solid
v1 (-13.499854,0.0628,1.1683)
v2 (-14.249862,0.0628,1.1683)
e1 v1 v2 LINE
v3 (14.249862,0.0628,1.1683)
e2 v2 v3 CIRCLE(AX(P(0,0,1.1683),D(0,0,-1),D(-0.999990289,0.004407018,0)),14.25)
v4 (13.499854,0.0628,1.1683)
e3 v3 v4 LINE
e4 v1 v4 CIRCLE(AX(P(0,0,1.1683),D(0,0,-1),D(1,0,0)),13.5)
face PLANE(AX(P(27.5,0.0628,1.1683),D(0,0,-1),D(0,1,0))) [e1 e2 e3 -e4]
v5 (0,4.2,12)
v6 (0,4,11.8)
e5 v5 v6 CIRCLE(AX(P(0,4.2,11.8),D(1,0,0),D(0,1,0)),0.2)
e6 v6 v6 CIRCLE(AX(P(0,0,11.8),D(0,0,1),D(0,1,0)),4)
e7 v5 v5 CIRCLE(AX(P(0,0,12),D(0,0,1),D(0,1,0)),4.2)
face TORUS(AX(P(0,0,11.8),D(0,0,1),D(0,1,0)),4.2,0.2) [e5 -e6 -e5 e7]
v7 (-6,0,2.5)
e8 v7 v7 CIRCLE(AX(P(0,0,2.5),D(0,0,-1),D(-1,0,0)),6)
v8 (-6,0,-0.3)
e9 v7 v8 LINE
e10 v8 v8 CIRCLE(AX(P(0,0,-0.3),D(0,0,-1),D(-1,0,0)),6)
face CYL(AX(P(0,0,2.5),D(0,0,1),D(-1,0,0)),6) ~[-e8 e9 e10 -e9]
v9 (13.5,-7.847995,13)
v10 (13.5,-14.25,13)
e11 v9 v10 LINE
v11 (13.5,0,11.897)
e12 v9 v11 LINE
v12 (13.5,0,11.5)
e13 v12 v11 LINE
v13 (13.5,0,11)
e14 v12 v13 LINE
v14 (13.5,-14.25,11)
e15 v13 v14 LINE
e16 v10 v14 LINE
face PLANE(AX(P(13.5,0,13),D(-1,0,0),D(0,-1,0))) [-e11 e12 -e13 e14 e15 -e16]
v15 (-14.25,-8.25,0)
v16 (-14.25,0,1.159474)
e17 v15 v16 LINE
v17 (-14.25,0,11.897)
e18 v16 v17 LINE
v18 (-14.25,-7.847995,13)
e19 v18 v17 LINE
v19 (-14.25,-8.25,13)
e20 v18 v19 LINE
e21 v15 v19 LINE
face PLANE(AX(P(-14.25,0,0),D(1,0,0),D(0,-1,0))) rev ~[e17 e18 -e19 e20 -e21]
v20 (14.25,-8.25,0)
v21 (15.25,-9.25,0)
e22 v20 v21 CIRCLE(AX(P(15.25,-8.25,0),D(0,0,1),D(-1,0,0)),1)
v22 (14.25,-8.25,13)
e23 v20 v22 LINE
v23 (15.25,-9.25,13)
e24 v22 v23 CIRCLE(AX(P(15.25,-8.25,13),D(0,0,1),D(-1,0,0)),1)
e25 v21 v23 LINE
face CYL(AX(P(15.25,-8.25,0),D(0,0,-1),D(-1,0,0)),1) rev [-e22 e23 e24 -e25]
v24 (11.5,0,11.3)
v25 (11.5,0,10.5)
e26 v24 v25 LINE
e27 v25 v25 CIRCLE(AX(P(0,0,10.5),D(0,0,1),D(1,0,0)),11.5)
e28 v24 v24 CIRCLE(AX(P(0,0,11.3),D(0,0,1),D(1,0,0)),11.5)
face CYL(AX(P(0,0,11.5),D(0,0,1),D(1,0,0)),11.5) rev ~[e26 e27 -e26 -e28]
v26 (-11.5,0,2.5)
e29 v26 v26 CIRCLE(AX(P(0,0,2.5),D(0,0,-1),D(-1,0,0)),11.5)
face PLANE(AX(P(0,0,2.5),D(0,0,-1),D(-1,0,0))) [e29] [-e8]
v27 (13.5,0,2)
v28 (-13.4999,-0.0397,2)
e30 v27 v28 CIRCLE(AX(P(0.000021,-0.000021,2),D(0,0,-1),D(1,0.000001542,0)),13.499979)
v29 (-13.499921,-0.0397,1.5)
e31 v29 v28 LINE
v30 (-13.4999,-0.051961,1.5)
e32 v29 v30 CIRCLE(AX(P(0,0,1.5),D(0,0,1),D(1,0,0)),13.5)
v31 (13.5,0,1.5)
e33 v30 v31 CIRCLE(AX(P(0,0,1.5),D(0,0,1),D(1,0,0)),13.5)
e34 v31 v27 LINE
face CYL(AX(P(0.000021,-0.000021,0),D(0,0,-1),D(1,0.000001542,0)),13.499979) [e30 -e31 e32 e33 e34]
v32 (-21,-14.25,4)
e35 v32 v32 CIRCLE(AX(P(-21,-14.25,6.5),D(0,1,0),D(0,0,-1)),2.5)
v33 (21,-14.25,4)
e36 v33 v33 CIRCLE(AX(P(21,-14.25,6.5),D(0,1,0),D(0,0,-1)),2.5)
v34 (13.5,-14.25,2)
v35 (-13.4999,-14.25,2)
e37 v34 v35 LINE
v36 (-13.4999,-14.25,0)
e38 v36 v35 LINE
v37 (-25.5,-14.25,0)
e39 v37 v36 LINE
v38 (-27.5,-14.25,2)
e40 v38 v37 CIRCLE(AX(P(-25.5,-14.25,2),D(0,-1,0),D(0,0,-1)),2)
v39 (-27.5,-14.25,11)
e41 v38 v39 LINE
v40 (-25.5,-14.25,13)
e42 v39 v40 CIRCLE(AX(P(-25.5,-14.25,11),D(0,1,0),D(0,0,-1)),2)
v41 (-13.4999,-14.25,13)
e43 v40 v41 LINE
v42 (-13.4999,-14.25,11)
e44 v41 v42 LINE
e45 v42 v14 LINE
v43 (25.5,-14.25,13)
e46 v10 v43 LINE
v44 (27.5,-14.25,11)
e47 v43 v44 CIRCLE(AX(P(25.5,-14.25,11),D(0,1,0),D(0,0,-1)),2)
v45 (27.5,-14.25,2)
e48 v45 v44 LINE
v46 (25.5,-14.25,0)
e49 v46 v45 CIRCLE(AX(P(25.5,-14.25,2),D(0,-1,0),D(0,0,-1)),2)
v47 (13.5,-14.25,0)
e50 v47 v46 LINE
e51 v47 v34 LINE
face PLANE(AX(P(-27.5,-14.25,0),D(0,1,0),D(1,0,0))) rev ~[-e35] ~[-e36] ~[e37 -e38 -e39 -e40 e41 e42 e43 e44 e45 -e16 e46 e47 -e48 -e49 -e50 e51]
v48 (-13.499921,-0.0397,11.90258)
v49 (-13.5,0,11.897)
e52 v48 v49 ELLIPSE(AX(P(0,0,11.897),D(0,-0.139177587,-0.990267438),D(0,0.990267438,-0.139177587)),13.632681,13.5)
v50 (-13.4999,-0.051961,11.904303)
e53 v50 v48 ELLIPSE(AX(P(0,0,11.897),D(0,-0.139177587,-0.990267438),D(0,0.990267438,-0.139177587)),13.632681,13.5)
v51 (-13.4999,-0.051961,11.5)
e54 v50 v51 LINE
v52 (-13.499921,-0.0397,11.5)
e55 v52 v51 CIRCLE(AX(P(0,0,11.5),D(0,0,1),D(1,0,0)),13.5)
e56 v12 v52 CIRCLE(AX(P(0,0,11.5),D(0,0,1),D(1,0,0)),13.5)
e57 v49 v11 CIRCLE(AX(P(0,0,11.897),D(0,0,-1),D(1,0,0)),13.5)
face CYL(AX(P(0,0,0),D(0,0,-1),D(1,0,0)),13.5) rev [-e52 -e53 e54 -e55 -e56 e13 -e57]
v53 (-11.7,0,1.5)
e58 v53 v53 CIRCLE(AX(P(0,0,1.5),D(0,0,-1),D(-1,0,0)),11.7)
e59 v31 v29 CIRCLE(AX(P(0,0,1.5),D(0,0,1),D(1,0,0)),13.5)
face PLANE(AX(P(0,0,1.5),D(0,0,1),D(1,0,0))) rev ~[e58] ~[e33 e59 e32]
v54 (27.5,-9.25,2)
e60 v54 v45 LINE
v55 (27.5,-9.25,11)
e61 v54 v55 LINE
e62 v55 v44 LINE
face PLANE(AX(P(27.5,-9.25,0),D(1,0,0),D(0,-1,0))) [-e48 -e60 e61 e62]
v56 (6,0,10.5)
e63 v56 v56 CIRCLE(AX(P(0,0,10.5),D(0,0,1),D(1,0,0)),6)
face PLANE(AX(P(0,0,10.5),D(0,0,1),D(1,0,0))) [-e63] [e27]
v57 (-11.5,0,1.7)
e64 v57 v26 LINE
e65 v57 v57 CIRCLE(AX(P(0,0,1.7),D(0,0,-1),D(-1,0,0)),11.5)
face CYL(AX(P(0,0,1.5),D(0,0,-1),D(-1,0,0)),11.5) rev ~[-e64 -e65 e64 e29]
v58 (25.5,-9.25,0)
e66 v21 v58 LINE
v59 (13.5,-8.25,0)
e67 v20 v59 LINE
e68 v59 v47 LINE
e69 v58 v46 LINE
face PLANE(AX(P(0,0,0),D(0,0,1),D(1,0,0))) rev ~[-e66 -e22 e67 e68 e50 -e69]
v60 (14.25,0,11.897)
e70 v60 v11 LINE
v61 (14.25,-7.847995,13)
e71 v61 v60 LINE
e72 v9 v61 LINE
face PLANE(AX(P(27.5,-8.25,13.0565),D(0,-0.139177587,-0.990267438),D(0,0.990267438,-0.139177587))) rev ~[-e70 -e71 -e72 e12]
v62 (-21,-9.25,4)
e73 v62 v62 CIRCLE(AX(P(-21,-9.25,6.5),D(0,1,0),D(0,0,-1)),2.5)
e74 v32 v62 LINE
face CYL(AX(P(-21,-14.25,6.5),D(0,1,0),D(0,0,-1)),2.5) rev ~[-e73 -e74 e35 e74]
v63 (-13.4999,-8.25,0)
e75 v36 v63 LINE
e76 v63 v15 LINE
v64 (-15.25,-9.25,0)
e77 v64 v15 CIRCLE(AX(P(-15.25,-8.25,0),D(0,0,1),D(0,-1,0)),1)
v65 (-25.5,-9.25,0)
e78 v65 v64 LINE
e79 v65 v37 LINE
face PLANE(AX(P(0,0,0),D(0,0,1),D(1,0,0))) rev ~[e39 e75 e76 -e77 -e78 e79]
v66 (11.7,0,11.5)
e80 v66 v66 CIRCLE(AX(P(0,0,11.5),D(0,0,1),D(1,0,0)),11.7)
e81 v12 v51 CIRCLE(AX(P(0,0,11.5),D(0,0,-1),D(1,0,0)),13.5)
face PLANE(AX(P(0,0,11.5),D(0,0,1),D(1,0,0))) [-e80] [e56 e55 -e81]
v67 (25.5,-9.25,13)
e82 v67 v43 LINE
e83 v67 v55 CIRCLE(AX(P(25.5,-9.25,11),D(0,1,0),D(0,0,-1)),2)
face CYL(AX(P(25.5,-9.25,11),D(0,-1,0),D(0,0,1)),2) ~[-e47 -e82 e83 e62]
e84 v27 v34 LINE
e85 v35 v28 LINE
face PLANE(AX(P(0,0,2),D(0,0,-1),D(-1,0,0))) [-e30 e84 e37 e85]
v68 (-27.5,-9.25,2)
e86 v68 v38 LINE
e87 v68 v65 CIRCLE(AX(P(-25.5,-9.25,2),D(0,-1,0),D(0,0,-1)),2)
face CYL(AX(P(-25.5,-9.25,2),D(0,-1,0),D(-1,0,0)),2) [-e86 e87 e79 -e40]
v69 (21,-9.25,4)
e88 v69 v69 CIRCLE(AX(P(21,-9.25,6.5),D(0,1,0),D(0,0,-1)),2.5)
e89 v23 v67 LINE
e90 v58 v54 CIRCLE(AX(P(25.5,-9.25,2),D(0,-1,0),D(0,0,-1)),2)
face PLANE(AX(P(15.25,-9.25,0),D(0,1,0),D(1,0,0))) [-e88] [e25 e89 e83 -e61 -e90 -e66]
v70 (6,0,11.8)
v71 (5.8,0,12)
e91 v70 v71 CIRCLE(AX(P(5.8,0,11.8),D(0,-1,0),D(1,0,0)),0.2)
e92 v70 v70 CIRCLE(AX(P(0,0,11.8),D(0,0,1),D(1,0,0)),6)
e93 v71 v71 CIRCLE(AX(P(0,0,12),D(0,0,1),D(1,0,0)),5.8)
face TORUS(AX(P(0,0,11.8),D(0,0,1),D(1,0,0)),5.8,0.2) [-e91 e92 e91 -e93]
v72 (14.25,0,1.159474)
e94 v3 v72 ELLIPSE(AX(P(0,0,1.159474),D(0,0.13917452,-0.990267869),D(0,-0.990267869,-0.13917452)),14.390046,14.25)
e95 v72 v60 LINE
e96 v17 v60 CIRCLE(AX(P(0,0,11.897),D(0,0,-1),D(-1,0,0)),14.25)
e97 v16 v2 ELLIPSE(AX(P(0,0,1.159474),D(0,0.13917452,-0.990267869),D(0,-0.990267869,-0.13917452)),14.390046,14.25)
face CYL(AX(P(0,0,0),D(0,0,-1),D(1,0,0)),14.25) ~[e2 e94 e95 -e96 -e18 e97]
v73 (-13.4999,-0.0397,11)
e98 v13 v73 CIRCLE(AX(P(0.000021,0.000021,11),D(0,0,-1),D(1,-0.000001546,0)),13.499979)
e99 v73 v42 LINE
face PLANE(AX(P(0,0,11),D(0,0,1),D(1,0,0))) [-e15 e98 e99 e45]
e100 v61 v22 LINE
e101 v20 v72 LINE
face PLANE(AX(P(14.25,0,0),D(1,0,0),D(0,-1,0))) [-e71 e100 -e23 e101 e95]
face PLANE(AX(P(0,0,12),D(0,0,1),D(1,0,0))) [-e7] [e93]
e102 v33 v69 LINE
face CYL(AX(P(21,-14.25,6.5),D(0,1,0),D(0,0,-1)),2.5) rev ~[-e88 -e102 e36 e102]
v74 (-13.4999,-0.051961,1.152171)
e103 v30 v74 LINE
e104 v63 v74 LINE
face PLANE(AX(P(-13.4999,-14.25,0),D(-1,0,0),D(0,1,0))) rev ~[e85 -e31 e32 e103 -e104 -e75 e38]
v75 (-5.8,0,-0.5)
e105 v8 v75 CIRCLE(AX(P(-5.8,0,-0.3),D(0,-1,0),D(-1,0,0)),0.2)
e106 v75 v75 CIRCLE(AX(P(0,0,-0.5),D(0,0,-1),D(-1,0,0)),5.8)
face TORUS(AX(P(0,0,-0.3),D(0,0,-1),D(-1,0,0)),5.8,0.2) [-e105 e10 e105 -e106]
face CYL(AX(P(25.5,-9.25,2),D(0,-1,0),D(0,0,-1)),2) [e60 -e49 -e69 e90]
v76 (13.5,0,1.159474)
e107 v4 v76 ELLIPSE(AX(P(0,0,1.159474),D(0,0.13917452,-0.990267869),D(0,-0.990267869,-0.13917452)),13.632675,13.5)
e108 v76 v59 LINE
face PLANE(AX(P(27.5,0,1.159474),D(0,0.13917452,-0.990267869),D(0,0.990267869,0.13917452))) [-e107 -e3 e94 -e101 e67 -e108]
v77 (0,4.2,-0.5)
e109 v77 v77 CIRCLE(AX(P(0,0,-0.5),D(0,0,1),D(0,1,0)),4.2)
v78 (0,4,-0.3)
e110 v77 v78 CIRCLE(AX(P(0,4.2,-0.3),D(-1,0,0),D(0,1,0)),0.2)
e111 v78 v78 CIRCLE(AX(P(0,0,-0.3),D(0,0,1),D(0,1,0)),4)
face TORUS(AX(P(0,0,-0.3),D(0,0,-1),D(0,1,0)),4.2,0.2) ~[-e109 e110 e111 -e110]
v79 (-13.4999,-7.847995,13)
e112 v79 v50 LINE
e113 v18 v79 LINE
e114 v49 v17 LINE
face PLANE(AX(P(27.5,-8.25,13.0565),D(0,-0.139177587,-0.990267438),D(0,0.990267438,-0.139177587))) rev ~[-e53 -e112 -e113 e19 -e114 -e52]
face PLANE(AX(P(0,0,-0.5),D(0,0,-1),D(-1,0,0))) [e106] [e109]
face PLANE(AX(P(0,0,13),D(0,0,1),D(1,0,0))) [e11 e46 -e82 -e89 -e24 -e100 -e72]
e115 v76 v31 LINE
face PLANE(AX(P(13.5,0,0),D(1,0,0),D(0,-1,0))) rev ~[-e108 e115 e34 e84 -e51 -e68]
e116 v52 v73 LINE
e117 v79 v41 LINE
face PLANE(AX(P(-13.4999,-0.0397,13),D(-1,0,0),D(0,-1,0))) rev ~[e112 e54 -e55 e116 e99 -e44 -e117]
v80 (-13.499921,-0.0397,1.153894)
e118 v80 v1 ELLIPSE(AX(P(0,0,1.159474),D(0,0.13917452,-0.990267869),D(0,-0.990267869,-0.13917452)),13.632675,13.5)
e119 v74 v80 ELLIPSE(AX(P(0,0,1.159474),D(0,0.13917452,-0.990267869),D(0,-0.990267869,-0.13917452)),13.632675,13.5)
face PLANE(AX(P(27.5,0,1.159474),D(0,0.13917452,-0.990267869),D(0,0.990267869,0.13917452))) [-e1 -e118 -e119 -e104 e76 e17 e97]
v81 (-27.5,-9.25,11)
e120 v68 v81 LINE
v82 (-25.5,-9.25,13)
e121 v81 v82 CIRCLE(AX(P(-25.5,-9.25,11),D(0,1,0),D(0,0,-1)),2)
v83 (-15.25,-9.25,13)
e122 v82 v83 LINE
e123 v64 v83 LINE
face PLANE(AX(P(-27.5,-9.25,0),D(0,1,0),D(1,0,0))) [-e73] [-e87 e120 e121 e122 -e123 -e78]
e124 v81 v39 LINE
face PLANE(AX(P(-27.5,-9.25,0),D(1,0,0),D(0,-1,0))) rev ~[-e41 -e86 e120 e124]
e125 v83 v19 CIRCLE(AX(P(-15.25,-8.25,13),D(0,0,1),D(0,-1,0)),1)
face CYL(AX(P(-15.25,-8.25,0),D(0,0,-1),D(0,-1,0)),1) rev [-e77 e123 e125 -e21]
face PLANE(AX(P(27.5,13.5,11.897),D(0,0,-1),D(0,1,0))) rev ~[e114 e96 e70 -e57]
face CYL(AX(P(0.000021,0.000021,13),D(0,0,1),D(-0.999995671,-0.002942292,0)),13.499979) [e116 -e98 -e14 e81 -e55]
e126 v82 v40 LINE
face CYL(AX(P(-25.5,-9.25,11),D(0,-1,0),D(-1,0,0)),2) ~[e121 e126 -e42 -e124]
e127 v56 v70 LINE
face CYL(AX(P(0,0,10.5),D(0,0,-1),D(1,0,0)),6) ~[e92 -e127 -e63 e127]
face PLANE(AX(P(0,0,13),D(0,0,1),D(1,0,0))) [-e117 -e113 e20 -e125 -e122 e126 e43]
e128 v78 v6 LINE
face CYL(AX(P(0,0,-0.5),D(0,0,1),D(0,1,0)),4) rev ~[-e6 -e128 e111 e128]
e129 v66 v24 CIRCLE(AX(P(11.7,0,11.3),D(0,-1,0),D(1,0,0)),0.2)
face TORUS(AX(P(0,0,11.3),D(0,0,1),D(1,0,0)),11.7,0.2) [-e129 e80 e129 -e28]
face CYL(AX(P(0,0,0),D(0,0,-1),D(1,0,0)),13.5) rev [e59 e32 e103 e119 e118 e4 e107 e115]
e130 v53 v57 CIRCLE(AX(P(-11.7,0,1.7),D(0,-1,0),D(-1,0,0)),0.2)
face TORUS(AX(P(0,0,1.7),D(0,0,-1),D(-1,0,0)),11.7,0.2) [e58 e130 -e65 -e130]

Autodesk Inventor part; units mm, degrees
ref_plane "YZ Plane" through (0, 0, 0) normal (1, 0, 0) x (0, 1, 0)
ref_plane "XZ Plane" through (0, 0, 0) normal (0, 1, 0) x (-1, 0, 0)
sketch "Esboço1" plane through (0, 0, 0) normal (0, 0, 1) x (1, 0, 0)
  circle A0 centre (0, 0) radius 13.5
  line L0 (-27.5, -14.25) -> (27.5, -14.25)
  line L1 (0, 25.3783) -> (0, -25.3783) construction
  line L2 (-27.5, -9.25) -> (-27.5, -14.25)
  line L3 (27.5, -9.25) -> (27.5, -14.25)
  line L4 (-27.5, -9.25) -> (-15.25, -9.25)
  line L5 (15.25, -9.25) -> (27.5, -9.25)
  line L6 (-14.25, 0) -> (-14.25, -8.25)
  line L7 (14.25, 0) -> (14.25, -8.25)
  arc A1 (14.25, -8.25) -> (15.25, -9.25) centre (15.25, -8.25) ccw
  arc A2 (-15.25, -9.25) -> (-14.25, -8.25) centre (-15.25, -8.25) ccw
  arc A3 (14.25, 0) -> (-14.25, 0) centre (0, 0) ccw
  point P0 (0, -14.25)
  point P1 (-10.8397, -9.25)
  point P2 (10.8397, -9.25)
  dimension "d1" = 27
  dimension "d5" = 55
  dimension "d6" = 5
  dimension "d7" = 1
  dimension "d8" = 1
extrude "Extrusão1" add sketch "Esboço1" along normal blind 13
sketch "Esboço2" plane through (27.5, -14.25, 0) normal (1, 0, 0) x (0, 0, -1)
  line L0 (-13.0565, 6) -> (-11.897, 14.25)
  line L1 (0, 14.25) -> (-13, 14.25) projected
  line L2 (0, 6) -> (-13, 6) projected
  line L3 (0, 6) -> (-1.1683, 14.3128)
  line L4 (-1.1683, 14.3128) -> (-1.1683, 28.5)
  line L5 (0, 28.5) -> (-13, 28.5) projected
  line L6 (-11.897, 14.25) -> (-11.897, 28.5)
  line L7 (0, 27.75) -> (-13, 27.75) projected
  line L8 (-11.897, 28.5) -> (-16.0762, 28.5)
  line L9 (-16.0762, 28.5) -> (-16.0762, 6)
  line L10 (-16.0762, 6) -> (-13.0565, 6)
  line L11 (-1.1683, 28.5) -> (3.8166, 28.5)
  line L12 (3.8166, 28.5) -> (3.8166, 6)
  line L13 (3.8166, 6) -> (0, 6)
  dimension "d11" = 98
  dimension "d12" = 98
extrude "Extrusão2" cut sketch "Esboço2" against normal through all contours L10 L9 L8 L5 L6 L0 | L3 L4 L5 L11 L12 L13
ref_plane "Plano de trabalho1" through (0, 0, 11.5) normal (0, 0, 1) x (1, 0, 0)
sketch "Esboço3" plane through (0, 0, 11.5) normal (0, 0, 1) x (1, 0, 0)
  circle A0 centre (0, 0) radius 13.5
extrude "Extrusão3" add sketch "Esboço3" against normal blind 10
sketch "Esboço4" plane through (0, 0, 1.5) normal (0, 0, -1) x (-1, 0, 0)
  circle A0 centre (0, 0) radius 11.5
  dimension "d19" = 23
extrude "Extrusão4" cut sketch "Esboço4" against normal blind 1
sketch "Esboço5" plane through (0, 0, 11.5) normal (0, 0, 1) x (1, 0, 0)
  circle A0 centre (0, 0) radius 11.5
  dimension "d22" = 23
extrude "Extrusão5" cut sketch "Esboço5" against normal blind 1
sketch "Esboço6" plane through (0, 0, 2.5) normal (0, 0, -1) x (-1, 0, 0)
  circle A0 centre (0, 0) radius 6
  dimension "d25" = 12
extrude "Extrusão6" add sketch "Esboço6" along normal blind 3
sketch "Esboço7" plane through (0, 0, 10.5) normal (0, 0, 1) x (1, 0, 0)
  circle A0 centre (0, 0) radius 6
  dimension "d28" = 12
extrude "Extrusão7" add sketch "Esboço7" along normal blind 1.5
sketch "Esboço8" plane through (0, 0, -0.5) normal (0, 0, -1) x (-1, 0, 0)
  circle A0 centre (0, 0) radius 4
  dimension "d31" = 8
hole "Furo1" at (0, 0, -0.5) direction (0, 0, 1) diameter 8 end through all
fillet "Arredondamento1" radius 2 4 edges at (-27.5, -11.75, 13) (-27.5, -11.75, 0) (27.5, -11.75, 0) (27.5, -11.75, 13)
sketch "Esboço9" plane through (0, 0, 13) normal (0, 0, 1) x (1, 0, 0)
  arc A0 (-13.4999, -0.0397) -> (13.5, 0) centre (0, 0) ccw
  line L0 (-13.4999, -0.0397) -> (-13.4999, -14.25)
  line L1 (14.25, -8.25) -> (14.25, 0) projected
  line L2 (-13.4999, -14.25) -> (13.5, -14.25)
  line L3 (-25.5, -14.25) -> (25.5, -14.25) projected
  arc A1 (10.6859, -8.25) -> (13.4999, 0.0628) centre (0, 0) ccw projected
  line L4 (13.5, 0) -> (13.5, -14.25)
  circle A2 centre (0, 0) radius 13.5
  dimension "d40" = 27
extrude "Extrusão8" cut sketch "Esboço9" against normal blind 2 contours A0 L4 L2 L0
sketch "Esboço10" plane through (0, 0, 0) normal (0, 0, -1) x (-1, 0, 0)
  arc A0 (13.4999, -0.0397) -> (13.4999, 0.0397) centre (0, 0) ccw
  line L0 (-13.5, -14.25) -> (13.4999, -14.25) projected
  line L1 (-13.5, 0) -> (-13.5, -14.25)
  line L2 (-13.5, -14.25) -> (13.4999, -14.25)
  arc A1 (-13.5, 0) -> (13.4999, -0.0397) centre (0, 0) ccw projected
  line L3 (13.4999, -14.25) -> (13.4999, -0.0397)
  circle A2 centre (0, 0) radius 13.5
  dimension "d43" = 27
extrude "Extrusão9" cut sketch "Esboço10" against normal blind 2 contours L3 L0 L1 A1
fillet "Arredondamento2" radius 0.2 6 edges at (-11.5, 0, 11.5) (-6, 0, 12) (0, -4, 12) (11.5, 0, 1.5) (6, 0, -0.5) (0, -4, -0.5)
sketch "Esboço11" plane through (27.5, -14.25, 2) normal (0, -1, 0) x (1, 0, 0)
  line L0 (0, 0) -> (0, 9) construction
  line L1 (0, 4.5) -> (-55, 4.5) construction
  line L2 (-55, 0) -> (-55, 9) construction
  line L3 (-40.9999, 0) -> (-14, 0) construction
  line L4 (-27.5, 0) -> (-27.5, 9.0849) construction
  circle A0 centre (-6.5, 4.5) radius 2.5 construction
  circle A1 centre (-48.5, 4.5) radius 2.5 construction
  point P0 (-27.5, -2)
  dimension "d48" = 5
  dimension "d49" = 5
  dimension "d50" = 21
  dimension "d51" = 21
hole "Furo2" at (21, -14.25, 6.5) at (-21, -14.25, 6.5) direction (0, 1, 0) diameter 5 end through all
equation "\"d51\" = d50"
properties part number "kp08"
